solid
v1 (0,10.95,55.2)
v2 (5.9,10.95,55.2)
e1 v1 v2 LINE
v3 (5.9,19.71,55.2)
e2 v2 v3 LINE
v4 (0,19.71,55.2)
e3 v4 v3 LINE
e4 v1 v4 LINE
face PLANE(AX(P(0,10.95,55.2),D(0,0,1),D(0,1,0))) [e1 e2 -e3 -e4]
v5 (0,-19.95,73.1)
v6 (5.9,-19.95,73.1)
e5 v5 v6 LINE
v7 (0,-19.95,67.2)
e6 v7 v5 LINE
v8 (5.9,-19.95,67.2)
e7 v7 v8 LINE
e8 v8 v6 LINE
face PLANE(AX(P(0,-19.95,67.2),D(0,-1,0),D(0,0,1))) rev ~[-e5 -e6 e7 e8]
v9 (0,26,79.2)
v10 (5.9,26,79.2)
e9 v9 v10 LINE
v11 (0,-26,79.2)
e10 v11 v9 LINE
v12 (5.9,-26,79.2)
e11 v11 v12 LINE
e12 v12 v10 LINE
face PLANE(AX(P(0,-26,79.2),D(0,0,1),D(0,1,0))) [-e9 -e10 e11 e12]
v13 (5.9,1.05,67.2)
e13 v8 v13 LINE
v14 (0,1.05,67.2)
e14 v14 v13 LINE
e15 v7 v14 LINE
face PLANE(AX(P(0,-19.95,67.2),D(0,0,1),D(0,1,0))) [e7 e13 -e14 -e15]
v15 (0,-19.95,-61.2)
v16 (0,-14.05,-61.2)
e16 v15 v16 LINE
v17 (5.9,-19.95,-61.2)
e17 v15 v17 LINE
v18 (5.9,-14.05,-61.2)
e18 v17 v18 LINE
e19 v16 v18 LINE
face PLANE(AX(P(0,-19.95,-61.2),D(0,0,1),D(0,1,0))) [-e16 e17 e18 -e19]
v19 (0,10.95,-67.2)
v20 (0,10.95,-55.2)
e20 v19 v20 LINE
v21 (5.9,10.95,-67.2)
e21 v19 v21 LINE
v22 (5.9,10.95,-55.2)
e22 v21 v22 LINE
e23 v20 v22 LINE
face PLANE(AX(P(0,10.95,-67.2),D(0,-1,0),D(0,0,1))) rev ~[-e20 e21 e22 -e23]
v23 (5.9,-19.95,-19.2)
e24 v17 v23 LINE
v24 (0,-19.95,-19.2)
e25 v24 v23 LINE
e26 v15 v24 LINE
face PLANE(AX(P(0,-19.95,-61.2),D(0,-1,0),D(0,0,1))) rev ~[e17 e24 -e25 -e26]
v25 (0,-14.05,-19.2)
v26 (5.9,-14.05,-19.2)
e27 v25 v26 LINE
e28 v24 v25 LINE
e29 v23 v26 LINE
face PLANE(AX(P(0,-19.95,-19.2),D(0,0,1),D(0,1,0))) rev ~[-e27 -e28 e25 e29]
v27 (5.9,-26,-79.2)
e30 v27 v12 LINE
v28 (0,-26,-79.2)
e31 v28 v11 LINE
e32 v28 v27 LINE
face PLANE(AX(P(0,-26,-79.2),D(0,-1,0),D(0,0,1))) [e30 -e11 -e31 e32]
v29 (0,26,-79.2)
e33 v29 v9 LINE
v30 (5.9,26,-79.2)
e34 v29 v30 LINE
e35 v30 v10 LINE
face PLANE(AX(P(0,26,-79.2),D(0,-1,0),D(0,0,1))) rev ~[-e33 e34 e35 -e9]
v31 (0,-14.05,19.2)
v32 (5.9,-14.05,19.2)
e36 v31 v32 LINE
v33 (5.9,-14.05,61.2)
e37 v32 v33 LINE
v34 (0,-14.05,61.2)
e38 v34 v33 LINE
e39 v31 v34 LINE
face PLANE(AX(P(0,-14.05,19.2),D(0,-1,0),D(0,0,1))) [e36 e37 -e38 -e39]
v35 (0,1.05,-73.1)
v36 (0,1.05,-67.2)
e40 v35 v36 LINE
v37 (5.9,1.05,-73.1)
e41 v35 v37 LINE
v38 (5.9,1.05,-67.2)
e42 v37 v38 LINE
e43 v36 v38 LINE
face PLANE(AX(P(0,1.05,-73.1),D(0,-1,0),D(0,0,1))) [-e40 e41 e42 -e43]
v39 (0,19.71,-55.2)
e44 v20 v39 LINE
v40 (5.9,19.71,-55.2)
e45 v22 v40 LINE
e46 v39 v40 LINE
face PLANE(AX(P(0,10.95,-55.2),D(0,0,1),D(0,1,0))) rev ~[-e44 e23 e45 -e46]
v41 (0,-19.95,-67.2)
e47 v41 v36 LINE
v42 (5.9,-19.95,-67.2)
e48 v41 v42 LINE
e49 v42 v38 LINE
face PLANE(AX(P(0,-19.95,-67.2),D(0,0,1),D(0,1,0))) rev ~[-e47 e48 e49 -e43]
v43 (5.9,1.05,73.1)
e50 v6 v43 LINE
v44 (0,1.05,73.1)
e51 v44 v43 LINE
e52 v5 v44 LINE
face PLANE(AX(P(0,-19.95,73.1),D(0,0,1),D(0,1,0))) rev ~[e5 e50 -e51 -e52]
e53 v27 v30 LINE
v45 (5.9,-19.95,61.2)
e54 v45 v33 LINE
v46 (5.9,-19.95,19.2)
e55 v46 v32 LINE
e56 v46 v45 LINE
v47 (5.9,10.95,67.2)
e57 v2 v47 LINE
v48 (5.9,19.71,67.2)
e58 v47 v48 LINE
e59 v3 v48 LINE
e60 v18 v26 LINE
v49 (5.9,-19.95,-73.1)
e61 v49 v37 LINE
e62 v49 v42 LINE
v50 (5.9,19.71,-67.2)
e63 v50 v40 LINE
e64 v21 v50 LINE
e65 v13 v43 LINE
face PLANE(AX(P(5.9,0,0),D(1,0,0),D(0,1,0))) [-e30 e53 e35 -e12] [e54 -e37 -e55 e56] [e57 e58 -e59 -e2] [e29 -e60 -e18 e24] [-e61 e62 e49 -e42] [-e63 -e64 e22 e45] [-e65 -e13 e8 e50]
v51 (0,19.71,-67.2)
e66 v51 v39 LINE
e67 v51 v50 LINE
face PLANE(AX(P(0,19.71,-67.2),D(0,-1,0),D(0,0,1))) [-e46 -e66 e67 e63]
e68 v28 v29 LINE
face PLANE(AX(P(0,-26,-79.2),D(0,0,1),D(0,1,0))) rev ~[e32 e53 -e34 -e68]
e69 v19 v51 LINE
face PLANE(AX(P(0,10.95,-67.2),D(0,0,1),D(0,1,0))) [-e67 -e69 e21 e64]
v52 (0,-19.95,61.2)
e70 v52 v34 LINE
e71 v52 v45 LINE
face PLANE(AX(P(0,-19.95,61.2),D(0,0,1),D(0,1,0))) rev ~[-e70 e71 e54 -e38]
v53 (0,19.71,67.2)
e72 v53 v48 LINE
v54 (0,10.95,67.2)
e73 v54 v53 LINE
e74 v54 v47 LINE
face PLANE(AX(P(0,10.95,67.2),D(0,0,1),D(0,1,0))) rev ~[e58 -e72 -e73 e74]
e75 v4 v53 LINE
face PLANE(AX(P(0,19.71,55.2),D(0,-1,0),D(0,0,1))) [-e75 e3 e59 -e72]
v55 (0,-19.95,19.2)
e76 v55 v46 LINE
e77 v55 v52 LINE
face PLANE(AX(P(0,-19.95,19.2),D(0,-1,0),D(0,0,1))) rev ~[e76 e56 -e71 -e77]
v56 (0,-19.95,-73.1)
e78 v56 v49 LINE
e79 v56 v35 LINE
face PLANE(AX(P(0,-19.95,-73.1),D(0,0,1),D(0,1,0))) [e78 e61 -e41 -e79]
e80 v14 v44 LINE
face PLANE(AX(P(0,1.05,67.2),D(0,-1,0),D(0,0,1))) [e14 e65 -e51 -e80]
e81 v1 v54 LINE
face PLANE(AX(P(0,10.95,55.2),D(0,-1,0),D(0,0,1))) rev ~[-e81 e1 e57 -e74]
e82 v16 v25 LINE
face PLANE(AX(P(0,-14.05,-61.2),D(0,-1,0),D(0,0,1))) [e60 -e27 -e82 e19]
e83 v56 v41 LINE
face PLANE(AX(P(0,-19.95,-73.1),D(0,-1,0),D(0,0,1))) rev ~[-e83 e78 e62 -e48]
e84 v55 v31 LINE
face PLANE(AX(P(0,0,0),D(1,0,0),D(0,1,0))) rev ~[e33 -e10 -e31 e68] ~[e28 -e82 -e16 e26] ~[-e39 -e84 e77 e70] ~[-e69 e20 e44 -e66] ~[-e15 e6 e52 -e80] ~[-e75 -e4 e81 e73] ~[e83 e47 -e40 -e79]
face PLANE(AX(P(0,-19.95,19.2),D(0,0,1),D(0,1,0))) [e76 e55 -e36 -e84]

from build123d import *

# Parameters (mm, degrees)
F0_W     = 52
F0_H     = 158.4
F0_W_2   = 5.9
F0_H_2   = 42
F0_W_3   = 21
F0_H_3   = 5.9
F0_W_4   = 8.76
F0_H_4   = 12
F1_DEPTH = 5.9


with BuildPart() as f1:
    # F0 (on Right) → F1 (new body)
    with BuildSketch(Plane.YZ):
        Rectangle(F0_W, F0_H)
        with Locations((-17, -40.2)):
            Rectangle(F0_W_2, F0_H_2, mode=Mode.SUBTRACT)
        with Locations((-9.45, -70.15)):
            Rectangle(F0_W_3, F0_H_3, mode=Mode.SUBTRACT)
        with Locations((15.33, -61.2)):
            Rectangle(F0_W_4, F0_H_4, mode=Mode.SUBTRACT)
        with Locations((-17, 40.2)):
            Rectangle(F0_W_2, F0_H_2, mode=Mode.SUBTRACT)
        with Locations((-9.45, 70.15)):
            Rectangle(F0_W_3, F0_H_3, mode=Mode.SUBTRACT)
        with Locations((15.33, 61.2)):
            Rectangle(F0_W_4, F0_H_4, mode=Mode.SUBTRACT)
    extrude(amount=F1_DEPTH)


solid = f1.part
